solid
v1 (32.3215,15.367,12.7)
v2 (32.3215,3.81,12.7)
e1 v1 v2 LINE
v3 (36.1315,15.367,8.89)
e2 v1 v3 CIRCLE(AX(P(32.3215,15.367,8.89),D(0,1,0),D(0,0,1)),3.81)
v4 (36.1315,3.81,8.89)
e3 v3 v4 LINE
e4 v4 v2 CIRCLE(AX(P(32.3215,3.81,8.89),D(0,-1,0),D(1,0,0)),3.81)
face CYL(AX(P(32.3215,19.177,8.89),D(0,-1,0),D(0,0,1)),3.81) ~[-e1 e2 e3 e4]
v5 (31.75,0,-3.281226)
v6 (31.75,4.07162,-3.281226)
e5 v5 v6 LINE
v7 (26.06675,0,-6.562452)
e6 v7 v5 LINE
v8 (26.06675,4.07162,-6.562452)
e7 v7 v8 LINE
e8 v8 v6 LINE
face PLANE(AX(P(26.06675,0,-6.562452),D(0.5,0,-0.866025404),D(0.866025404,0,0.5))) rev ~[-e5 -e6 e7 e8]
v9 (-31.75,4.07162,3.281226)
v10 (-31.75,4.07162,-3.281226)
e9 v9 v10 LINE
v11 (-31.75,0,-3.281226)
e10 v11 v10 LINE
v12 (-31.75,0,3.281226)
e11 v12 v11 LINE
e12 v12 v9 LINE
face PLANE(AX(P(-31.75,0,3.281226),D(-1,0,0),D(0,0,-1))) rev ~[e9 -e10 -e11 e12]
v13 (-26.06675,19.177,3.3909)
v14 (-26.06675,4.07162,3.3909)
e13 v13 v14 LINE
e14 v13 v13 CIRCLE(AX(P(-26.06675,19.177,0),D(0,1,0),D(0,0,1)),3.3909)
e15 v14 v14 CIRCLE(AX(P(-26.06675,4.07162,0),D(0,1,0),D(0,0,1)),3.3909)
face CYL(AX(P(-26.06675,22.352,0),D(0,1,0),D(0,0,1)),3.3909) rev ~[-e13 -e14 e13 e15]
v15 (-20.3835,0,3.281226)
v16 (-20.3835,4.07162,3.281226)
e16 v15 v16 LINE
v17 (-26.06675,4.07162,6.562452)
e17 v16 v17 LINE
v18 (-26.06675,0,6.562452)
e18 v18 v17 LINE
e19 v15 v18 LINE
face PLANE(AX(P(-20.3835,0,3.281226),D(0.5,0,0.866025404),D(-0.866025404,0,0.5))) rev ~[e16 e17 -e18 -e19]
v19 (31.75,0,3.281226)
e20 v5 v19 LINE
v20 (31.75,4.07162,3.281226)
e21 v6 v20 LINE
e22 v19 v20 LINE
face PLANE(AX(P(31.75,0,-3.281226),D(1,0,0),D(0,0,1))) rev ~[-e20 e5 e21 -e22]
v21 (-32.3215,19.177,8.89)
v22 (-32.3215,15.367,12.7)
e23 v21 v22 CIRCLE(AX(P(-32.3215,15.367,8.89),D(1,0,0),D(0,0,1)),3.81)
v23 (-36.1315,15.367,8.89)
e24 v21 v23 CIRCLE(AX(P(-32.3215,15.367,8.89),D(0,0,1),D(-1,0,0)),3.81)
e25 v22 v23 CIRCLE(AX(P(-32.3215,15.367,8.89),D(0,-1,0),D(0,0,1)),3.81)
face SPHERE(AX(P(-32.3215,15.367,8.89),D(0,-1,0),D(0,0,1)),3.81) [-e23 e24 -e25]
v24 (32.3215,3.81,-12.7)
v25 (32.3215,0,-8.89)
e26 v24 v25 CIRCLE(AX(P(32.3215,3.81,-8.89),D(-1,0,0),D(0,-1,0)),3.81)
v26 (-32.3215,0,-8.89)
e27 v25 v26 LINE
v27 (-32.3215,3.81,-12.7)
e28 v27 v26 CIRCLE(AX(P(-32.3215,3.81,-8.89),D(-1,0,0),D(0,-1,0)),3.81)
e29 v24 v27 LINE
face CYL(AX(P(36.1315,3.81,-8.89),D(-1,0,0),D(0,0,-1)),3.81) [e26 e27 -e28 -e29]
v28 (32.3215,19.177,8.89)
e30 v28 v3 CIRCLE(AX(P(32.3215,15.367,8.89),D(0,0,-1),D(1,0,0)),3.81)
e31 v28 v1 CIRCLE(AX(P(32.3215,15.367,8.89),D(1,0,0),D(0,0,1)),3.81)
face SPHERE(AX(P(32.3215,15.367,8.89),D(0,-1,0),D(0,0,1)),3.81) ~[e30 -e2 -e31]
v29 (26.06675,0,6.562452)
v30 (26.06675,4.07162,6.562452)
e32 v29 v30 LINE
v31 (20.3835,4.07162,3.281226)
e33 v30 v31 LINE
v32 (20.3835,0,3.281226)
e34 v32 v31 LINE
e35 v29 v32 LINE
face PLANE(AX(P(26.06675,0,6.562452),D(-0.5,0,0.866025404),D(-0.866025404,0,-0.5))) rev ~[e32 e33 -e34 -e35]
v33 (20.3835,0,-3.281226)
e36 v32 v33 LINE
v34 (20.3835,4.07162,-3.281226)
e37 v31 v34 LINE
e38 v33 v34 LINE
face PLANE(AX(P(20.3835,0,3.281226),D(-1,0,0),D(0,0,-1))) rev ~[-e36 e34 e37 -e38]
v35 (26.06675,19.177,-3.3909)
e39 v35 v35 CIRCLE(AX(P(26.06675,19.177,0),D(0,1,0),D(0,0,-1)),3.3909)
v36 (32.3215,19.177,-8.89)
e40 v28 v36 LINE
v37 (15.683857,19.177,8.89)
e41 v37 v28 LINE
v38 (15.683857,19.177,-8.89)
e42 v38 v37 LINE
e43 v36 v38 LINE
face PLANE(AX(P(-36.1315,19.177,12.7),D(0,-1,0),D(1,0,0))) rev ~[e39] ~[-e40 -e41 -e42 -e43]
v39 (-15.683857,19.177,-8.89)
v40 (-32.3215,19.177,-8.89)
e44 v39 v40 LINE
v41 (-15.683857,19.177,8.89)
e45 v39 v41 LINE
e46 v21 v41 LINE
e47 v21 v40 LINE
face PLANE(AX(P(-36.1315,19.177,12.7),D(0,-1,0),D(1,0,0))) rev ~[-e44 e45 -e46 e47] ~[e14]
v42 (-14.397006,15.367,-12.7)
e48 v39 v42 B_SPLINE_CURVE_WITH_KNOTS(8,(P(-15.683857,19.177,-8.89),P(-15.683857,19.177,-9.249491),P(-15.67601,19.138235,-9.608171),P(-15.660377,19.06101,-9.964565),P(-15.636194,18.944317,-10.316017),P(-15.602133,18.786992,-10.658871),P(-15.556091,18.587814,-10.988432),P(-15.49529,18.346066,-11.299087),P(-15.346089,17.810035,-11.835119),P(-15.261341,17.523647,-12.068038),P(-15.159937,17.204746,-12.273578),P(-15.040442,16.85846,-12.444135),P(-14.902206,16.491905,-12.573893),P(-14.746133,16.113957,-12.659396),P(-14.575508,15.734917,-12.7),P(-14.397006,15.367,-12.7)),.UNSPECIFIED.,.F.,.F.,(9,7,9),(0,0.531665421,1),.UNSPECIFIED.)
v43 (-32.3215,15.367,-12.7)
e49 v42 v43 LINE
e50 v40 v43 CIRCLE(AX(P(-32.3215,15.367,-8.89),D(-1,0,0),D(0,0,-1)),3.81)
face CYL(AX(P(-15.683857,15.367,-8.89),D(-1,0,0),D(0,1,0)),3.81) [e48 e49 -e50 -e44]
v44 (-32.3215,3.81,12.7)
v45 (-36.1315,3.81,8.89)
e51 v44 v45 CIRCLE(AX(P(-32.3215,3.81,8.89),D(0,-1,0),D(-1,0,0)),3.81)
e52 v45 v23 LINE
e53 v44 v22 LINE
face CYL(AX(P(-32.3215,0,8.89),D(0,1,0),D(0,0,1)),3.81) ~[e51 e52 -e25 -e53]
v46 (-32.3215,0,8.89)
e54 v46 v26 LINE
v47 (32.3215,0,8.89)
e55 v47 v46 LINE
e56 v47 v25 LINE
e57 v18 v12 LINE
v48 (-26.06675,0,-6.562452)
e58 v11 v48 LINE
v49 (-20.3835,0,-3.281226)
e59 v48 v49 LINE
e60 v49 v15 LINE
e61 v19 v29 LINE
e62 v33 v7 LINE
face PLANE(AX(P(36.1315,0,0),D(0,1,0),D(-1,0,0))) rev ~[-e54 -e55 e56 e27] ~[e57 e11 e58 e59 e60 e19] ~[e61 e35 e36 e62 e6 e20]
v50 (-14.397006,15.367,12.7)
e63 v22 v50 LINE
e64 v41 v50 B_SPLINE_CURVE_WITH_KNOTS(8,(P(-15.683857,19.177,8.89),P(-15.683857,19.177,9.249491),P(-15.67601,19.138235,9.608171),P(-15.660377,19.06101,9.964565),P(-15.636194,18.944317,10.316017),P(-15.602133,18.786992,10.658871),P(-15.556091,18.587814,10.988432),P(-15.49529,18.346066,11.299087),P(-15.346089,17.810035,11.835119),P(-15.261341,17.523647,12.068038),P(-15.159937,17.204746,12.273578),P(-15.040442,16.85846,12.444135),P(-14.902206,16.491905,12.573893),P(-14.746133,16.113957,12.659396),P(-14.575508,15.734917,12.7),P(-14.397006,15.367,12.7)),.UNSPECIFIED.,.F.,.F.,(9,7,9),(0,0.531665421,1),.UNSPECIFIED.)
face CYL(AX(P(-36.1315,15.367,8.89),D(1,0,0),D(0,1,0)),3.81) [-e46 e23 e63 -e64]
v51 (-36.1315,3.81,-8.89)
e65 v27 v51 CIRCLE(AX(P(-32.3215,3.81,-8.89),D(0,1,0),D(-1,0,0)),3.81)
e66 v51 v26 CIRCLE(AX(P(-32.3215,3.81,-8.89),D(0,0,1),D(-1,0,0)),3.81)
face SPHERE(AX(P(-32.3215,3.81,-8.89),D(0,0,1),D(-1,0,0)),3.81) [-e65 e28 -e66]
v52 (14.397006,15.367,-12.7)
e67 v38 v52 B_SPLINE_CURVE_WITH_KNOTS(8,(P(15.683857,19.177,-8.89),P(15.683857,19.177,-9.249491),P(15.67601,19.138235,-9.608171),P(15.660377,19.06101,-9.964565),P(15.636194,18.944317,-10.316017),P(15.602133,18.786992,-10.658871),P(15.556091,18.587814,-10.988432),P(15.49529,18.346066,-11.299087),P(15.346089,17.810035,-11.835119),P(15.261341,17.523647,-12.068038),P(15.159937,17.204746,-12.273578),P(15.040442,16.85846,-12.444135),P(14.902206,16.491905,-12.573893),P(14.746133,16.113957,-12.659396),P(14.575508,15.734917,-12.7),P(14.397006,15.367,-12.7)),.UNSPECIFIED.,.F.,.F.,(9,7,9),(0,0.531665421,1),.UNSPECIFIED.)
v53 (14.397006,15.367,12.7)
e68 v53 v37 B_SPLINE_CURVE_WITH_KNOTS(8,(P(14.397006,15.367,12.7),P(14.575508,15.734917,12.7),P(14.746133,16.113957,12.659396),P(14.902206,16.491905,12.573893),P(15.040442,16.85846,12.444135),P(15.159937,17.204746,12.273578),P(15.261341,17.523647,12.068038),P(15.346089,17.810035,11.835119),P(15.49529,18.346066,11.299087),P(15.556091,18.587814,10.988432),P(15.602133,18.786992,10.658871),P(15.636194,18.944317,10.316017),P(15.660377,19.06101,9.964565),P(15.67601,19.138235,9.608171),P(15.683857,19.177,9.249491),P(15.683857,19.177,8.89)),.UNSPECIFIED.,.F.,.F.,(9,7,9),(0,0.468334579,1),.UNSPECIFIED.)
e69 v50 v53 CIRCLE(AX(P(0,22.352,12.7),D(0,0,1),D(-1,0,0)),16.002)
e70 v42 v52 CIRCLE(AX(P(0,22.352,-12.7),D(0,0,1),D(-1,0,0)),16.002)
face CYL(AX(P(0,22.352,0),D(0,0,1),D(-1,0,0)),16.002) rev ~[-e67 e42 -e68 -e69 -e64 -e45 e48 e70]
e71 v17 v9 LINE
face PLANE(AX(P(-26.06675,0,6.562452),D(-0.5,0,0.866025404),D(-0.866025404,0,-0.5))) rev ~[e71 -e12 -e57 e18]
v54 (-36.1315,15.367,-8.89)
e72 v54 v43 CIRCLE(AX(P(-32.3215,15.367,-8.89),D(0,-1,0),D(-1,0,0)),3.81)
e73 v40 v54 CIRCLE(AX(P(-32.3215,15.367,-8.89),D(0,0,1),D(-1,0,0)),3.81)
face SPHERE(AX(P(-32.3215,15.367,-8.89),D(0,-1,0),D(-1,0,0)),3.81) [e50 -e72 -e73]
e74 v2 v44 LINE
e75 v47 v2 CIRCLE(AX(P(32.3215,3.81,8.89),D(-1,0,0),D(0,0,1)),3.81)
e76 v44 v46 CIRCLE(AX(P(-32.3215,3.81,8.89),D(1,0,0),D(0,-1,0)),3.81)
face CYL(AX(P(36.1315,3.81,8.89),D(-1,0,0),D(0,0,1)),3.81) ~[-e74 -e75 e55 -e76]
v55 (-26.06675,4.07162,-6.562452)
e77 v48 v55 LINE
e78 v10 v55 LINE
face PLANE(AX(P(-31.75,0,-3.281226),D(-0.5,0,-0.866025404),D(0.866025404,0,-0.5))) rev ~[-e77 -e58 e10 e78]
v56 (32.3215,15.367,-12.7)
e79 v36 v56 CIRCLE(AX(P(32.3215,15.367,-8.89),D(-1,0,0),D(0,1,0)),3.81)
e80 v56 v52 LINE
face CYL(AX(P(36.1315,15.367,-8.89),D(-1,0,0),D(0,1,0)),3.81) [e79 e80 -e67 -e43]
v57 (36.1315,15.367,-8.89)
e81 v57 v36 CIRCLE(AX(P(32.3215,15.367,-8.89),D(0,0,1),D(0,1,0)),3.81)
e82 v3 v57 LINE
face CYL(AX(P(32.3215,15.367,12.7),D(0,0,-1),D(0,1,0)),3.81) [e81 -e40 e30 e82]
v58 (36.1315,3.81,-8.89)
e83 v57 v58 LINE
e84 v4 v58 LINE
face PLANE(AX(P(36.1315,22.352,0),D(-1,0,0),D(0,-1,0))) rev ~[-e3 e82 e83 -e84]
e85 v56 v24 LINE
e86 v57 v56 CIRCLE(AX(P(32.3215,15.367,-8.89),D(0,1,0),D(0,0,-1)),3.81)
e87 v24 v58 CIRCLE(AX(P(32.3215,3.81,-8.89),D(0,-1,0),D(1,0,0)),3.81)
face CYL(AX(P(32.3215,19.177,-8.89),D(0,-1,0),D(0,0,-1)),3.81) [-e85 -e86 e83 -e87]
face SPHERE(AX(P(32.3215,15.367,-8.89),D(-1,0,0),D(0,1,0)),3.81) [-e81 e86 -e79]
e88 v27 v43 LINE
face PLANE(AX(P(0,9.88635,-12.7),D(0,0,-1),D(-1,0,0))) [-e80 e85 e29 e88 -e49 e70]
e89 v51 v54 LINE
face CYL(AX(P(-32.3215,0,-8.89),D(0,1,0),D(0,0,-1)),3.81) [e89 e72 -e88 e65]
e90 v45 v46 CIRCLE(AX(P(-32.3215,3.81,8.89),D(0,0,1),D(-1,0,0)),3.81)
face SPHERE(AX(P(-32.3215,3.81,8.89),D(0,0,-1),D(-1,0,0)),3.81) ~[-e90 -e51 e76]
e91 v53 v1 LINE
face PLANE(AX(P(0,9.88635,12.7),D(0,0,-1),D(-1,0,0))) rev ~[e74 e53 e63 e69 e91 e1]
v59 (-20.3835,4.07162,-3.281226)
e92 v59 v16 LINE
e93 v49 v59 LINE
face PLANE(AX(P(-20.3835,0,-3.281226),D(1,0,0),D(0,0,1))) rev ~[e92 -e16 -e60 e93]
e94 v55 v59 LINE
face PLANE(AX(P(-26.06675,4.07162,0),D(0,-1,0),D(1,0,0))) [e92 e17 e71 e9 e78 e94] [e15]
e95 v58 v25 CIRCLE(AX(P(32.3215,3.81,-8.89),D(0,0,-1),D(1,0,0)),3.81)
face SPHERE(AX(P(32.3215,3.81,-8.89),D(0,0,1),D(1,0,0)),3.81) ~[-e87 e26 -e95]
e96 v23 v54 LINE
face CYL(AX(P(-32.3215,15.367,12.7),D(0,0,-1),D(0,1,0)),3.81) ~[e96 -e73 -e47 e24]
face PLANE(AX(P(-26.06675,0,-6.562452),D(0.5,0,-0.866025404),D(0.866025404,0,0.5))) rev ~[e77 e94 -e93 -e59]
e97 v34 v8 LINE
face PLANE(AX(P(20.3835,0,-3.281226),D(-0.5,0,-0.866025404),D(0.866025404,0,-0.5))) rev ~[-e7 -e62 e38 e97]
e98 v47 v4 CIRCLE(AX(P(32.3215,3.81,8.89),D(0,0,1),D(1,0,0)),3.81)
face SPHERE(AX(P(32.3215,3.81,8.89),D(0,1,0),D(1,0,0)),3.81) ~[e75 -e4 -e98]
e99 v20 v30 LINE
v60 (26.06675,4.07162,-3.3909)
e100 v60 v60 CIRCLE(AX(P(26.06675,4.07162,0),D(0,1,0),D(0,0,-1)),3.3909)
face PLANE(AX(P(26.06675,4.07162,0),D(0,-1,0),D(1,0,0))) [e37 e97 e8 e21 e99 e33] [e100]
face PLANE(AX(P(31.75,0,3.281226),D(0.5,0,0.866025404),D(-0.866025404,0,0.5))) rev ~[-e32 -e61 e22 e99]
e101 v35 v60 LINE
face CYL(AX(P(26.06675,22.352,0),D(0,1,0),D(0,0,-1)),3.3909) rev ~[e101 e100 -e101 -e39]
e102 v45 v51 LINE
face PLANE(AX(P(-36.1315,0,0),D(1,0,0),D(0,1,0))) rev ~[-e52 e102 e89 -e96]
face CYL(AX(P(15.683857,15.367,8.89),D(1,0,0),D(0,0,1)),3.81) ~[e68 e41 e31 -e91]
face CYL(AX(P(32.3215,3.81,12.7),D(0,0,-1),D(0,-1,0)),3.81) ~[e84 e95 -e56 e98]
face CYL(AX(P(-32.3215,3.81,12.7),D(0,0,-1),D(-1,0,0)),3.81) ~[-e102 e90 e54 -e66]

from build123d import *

# Parameters (mm, degrees)
BOSS_EXTRUDE1_DEPTH = 12.7
SKETCH2_R           = 3.3909
CUT_EXTRUDE1_DEPTH  = 45.343964598
SKETCH3_W           = 72.263
SKETCH3_H           = 7.175826556
CUT_EXTRUDE2_DEPTH  = 50.500072689
CUT_EXTRUDE3_DEPTH  = 4.07162
FILLET3_R           = 3.81


with BuildPart() as part:
    # Sketch1 → Boss-Extrude1 (new, symmetric)
    with BuildSketch(Plane.XY):
        with BuildLine():
            Line((16.002, 22.352), (36.1315, 22.352))
            Line((36.1315, 22.352), (36.1315, 0))
            Line((36.1315, 0), (-36.1315, 0))
            Line((-36.1315, 0), (-36.1315, 22.352))
            Line((-36.1315, 22.352), (-16.002, 22.352))
            ThreePointArc((-16.002, 22.352), (0, 6.35), (16.002, 22.352))
        make_face()
    extrude(amount=BOSS_EXTRUDE1_DEPTH, both=True)

    # Sketch2 → Cut-Extrude1 (cut, through all)
    with BuildSketch(Plane(origin=(0, 22.352, 0), x_dir=(1, 0, 0), z_dir=(0, 1, 0))):
        with Locations(Location((-26.06675, 0, 0), (0, 0, 270))):
            Circle(SKETCH2_R)
        with Locations(Location((26.06675, 0, 0), (0, 0, 90))):
            Circle(SKETCH2_R)
    extrude(amount=-CUT_EXTRUDE1_DEPTH, mode=Mode.SUBTRACT)

    # Sketch3 → Cut-Extrude2 (cut, through all)
    with BuildSketch(Plane.XY.offset(12.7)):
        with Locations((0, 22.764913278)):
            Rectangle(SKETCH3_W, SKETCH3_H)
    extrude(amount=-CUT_EXTRUDE2_DEPTH, mode=Mode.SUBTRACT)

    # Sketch6 → Cut-Extrude3 (cut)
    with BuildSketch(Plane.XZ):
        Polygon((-26.06675, -6.562451835), (-20.3835, -3.281225917), (-20.3835, 3.281225917), (-26.06675, 6.562451835), (-31.75, 3.281225917), (-31.75, -3.281225917), align=None)
        Polygon((26.06675, 6.562451835), (20.3835, 3.281225917), (20.3835, -3.281225917), (26.06675, -6.562451835), (31.75, -3.281225917), (31.75, 3.281225917), align=None)
    extrude(amount=-CUT_EXTRUDE3_DEPTH, mode=Mode.SUBTRACT)

    # Fillet3
    fillet3_edges = [part.edges().sort_by_distance(p)[0] for p in [
        (36.1315, 9.5885, 12.7),
        (36.1315, 0, 0),
        (-36.1315, 0, 0),
        (-36.1315, 9.5885, -12.7),
        (-36.1315, 9.5885, 12.7),
        (25.907678637, 19.177, 12.7),
        (-25.907678637, 19.177, 12.7),
        (-36.1315, 19.177, 0),
        (-25.907678637, 19.177, -12.7),
        (25.907678637, 19.177, -12.7),
        (36.1315, 19.177, 0),
        (0, 0, 12.7),
        (36.1315, 9.5885, -12.7),
        (0, 0, -12.7),
    ]]
    fillet(fillet3_edges, radius=FILLET3_R)


solid = part.part
